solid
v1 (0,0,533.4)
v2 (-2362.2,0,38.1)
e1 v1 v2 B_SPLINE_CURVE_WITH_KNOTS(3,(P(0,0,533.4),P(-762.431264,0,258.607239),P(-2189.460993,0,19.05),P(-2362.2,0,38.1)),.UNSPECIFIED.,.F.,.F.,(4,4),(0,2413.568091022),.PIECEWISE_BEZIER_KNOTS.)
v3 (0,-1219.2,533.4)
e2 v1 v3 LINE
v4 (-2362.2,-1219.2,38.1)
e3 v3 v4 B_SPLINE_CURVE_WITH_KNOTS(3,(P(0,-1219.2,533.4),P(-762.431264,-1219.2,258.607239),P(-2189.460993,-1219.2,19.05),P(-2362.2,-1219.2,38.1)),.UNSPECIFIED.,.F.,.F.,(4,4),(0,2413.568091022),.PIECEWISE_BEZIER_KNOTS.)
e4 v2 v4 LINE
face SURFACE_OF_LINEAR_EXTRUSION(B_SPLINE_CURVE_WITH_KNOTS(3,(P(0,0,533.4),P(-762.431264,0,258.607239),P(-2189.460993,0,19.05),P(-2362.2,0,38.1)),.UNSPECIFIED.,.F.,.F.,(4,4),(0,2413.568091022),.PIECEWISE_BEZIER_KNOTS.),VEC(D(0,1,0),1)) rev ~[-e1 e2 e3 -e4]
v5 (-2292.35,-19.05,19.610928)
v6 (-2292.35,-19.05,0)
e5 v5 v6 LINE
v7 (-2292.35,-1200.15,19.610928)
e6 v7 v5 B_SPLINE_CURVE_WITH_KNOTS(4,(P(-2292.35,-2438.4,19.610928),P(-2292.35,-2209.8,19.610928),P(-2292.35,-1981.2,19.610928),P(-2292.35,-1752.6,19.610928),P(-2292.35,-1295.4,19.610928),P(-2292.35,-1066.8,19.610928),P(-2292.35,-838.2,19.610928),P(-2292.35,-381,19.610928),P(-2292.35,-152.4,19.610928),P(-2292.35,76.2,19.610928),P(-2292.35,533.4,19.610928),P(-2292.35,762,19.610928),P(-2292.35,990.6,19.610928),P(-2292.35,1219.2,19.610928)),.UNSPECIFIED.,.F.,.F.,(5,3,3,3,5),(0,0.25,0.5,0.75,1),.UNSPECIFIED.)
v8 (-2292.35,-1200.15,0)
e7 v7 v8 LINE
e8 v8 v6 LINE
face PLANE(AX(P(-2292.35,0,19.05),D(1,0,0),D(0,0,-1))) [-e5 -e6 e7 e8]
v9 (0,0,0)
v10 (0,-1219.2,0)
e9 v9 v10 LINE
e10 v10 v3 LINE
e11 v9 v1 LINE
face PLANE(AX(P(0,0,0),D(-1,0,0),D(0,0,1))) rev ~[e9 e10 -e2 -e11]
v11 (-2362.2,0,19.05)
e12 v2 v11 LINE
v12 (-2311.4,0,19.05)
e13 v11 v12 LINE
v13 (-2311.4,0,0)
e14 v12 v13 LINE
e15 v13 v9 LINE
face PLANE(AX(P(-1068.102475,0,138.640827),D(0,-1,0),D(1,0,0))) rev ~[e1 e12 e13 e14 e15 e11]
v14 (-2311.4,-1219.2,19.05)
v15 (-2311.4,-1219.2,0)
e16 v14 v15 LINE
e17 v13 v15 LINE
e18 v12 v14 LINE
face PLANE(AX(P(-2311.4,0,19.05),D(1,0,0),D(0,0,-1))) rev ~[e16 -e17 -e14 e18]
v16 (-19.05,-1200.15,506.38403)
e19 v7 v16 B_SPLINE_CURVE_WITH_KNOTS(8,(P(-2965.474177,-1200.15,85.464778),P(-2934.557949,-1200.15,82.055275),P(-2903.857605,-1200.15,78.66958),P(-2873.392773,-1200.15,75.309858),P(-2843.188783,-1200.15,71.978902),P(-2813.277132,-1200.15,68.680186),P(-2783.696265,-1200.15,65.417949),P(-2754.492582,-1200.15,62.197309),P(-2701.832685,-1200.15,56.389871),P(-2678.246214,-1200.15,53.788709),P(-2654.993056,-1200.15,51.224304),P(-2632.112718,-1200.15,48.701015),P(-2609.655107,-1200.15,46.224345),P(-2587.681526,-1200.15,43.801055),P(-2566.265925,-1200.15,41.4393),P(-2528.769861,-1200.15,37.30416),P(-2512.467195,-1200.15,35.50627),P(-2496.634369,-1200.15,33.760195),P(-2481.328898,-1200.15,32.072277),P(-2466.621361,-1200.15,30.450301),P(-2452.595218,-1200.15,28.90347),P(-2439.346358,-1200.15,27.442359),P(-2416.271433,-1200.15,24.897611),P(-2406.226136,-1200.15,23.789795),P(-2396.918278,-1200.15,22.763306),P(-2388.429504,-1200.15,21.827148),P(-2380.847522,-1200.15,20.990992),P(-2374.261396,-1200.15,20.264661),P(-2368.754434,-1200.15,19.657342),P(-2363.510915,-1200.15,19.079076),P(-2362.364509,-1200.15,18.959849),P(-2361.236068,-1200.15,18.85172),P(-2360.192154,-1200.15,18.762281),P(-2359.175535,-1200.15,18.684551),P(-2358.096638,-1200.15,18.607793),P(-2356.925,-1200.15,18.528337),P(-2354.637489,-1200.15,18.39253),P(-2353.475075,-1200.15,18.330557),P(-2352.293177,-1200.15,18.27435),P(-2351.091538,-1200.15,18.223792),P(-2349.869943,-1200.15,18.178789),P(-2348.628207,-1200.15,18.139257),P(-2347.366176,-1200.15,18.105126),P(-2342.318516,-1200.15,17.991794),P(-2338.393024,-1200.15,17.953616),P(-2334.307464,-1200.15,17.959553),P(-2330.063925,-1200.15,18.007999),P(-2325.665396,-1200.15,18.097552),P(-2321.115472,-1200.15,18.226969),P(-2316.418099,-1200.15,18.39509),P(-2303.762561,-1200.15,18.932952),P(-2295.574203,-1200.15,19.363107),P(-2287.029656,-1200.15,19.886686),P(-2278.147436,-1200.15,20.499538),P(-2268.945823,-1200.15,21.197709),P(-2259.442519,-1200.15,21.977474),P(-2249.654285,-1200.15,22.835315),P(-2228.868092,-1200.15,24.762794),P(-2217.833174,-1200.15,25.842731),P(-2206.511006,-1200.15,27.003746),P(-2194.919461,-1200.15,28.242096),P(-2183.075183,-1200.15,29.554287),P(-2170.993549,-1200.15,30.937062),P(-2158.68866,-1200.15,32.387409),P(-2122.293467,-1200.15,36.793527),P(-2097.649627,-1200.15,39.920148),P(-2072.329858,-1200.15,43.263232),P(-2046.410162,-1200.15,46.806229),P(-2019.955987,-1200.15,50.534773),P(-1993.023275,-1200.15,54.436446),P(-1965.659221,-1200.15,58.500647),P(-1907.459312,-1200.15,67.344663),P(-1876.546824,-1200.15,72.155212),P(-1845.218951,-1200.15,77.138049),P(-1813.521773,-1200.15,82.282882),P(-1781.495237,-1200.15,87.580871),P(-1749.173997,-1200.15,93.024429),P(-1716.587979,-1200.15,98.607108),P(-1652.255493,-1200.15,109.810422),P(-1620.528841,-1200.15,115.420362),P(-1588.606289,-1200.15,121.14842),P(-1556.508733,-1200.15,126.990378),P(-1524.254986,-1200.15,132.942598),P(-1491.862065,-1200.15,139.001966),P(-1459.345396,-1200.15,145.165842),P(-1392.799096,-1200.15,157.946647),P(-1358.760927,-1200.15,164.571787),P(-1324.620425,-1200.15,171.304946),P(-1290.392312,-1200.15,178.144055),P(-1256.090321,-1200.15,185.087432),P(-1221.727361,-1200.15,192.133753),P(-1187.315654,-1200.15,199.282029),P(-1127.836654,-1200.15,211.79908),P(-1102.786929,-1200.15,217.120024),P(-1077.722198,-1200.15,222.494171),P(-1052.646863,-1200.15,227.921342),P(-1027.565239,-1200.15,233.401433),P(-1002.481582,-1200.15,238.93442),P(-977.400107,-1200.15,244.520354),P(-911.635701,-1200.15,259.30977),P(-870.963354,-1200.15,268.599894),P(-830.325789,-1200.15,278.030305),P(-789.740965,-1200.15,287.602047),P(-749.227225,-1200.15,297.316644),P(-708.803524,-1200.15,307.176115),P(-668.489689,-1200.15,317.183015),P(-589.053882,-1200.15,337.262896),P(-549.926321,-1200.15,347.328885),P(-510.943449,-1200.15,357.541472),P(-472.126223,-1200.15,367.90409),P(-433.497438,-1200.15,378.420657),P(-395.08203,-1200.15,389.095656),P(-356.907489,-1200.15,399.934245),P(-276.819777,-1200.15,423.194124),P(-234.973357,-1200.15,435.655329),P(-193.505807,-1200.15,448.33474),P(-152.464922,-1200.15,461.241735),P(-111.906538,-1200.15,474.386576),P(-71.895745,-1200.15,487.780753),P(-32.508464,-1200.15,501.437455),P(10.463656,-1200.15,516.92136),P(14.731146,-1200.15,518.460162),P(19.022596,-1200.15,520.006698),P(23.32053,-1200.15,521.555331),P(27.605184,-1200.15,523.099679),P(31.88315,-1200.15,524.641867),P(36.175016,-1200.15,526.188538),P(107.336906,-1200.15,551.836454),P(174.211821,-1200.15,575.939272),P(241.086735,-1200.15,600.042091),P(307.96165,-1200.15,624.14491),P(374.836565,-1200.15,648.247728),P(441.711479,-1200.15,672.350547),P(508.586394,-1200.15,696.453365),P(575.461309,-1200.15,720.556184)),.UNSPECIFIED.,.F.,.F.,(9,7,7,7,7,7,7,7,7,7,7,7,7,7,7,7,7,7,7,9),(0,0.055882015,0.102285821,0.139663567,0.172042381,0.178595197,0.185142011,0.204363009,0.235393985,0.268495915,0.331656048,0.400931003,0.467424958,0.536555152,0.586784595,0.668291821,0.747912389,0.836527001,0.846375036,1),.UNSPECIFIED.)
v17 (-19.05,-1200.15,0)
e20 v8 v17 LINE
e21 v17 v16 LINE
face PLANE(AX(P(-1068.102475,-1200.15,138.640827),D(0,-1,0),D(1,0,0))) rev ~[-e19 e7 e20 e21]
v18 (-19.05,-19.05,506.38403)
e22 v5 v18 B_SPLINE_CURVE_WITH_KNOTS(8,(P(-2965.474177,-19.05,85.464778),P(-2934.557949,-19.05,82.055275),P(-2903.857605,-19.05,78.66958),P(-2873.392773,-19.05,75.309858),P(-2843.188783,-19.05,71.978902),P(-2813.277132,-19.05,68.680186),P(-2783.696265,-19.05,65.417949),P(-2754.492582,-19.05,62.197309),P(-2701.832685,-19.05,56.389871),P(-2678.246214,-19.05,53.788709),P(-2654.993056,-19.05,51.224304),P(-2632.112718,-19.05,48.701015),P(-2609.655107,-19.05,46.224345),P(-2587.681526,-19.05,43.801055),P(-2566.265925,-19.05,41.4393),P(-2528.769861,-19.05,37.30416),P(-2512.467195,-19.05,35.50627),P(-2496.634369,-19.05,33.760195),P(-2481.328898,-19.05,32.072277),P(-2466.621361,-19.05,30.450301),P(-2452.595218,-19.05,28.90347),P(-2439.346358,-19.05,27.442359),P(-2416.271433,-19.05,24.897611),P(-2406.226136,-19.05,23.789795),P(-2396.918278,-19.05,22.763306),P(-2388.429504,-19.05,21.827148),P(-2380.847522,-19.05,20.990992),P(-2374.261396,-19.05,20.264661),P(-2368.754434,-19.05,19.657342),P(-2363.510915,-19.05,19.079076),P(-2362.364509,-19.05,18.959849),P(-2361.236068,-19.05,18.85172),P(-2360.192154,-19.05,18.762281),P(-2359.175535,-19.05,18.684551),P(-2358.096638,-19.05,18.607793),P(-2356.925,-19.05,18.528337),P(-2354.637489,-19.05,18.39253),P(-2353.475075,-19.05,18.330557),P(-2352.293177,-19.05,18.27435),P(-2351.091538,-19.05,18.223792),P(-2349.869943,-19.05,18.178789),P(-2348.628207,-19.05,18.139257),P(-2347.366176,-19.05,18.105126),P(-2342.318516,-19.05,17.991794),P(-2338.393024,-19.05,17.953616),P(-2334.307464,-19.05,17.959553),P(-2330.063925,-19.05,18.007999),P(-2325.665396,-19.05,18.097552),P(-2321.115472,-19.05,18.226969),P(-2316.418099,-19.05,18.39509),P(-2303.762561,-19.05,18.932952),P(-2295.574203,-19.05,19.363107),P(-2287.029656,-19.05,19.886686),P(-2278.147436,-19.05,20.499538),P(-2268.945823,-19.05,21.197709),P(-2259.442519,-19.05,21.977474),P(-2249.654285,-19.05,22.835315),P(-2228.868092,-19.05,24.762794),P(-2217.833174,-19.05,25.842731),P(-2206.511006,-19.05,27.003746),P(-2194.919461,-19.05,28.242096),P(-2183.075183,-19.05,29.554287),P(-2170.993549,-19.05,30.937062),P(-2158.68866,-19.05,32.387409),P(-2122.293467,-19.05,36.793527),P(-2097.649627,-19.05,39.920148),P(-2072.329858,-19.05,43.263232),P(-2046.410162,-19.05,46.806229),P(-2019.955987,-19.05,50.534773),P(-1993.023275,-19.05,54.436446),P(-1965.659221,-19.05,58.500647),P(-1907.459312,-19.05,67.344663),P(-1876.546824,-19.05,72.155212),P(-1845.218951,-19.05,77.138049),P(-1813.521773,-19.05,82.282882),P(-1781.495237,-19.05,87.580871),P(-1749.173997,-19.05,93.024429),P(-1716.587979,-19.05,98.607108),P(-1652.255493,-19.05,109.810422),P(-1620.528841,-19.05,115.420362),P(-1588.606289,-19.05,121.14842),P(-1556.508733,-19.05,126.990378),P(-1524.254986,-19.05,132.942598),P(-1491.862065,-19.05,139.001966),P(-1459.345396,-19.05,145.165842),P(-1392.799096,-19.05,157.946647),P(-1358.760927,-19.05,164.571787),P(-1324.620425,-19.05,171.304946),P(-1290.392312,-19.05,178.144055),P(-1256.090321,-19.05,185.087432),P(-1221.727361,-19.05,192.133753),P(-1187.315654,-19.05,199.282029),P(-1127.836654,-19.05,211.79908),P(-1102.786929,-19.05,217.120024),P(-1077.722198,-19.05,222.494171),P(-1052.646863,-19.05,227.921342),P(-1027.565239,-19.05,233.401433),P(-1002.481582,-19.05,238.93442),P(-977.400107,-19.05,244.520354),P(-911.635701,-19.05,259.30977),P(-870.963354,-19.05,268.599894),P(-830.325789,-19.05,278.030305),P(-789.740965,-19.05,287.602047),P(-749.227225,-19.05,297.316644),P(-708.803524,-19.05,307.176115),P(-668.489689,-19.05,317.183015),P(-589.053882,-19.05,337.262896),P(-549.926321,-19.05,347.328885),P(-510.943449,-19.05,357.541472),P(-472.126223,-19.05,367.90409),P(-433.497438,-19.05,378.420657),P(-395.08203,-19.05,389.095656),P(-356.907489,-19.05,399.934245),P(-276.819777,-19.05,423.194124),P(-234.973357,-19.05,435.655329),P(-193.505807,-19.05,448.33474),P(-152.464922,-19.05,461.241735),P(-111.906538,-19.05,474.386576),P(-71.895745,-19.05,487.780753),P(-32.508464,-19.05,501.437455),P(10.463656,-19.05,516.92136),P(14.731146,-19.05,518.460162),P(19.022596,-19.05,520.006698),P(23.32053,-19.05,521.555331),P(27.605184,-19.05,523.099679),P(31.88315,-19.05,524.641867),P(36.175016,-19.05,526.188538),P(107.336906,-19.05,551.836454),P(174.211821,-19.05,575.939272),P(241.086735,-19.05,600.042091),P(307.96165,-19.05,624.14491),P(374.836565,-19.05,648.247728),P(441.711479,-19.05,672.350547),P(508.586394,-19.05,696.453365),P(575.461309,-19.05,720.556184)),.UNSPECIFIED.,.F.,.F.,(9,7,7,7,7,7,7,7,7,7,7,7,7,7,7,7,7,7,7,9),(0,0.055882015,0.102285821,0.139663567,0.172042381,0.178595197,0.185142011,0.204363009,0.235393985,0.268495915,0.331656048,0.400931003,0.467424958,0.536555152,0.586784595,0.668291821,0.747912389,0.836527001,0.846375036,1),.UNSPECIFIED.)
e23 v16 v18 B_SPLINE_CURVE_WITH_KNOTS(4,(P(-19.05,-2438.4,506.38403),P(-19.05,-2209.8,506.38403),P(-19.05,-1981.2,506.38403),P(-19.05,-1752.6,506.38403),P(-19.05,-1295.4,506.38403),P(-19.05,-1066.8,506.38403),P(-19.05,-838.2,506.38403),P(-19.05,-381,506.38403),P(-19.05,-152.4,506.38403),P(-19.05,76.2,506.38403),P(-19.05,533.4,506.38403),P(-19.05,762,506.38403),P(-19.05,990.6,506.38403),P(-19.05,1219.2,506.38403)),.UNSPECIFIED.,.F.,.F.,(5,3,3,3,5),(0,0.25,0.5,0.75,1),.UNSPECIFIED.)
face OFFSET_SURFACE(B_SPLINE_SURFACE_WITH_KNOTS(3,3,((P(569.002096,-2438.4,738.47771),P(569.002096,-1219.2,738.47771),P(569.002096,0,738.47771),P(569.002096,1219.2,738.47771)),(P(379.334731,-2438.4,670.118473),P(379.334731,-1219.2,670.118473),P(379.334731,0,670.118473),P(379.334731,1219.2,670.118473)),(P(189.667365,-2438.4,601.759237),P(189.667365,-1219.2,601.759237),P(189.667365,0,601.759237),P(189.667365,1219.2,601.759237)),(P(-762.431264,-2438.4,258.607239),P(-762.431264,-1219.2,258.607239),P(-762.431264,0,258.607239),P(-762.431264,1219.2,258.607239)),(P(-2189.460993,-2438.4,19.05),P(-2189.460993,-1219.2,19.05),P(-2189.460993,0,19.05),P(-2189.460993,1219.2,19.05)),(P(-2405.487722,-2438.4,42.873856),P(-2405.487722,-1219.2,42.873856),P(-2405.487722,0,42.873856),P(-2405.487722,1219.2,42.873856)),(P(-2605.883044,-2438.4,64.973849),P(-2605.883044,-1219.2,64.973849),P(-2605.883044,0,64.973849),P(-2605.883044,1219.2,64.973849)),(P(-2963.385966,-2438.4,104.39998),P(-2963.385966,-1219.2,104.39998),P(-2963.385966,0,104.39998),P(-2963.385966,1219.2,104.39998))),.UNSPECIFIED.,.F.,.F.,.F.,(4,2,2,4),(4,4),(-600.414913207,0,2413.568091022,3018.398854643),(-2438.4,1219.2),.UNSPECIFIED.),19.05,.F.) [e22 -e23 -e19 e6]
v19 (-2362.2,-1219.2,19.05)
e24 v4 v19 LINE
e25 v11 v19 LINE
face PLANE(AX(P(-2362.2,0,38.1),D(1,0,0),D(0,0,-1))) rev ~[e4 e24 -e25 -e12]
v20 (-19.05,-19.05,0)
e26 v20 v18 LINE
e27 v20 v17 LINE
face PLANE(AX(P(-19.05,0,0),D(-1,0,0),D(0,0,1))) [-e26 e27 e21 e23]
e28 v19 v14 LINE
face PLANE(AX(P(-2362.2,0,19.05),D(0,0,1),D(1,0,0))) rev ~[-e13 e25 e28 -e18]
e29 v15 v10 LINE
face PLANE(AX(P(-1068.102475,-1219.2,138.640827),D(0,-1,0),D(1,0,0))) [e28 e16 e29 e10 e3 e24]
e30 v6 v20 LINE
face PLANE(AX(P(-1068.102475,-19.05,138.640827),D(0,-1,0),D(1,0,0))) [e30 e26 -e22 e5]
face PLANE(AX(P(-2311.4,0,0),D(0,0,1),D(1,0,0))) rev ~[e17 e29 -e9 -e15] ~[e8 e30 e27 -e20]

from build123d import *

# Parameters (mm, degrees)
F1_DEPTH = 1219.2
F2_T     = -19.05


with BuildPart() as f1:
    # F0 (on Front) → F1 (new body)
    with BuildSketch(Plane.XZ):
        with BuildLine():
            Line((-2311.4, 0), (0, 0))
            Line((0, 0), (0, 533.4))
            add(Edge.make_bspline(
                [(0, 533.4), (-762.4312639236, 258.6072385311), (-2189.4609928131, 19.05), (-2362.2, 38.1)],
                knots=[0, 0, 0, 0, 2413.5680910221, 2413.5680910221, 2413.5680910221, 2413.5680910221], degree=3))
            Line((-2362.2, 38.1), (-2362.2, 19.05))
            Line((-2362.2, 19.05), (-2311.4, 19.05))
            Line((-2311.4, 19.05), (-2311.4, 0))
        make_face()
    extrude(amount=F1_DEPTH)

    # F2
    f2_openings = [f1.faces().sort_by_distance(p)[0] for p in [
        (-1155.7, -609.6, 0),
    ]]
    offset(amount=F2_T, openings=f2_openings, kind=Kind.INTERSECTION)


solid = f1.part
